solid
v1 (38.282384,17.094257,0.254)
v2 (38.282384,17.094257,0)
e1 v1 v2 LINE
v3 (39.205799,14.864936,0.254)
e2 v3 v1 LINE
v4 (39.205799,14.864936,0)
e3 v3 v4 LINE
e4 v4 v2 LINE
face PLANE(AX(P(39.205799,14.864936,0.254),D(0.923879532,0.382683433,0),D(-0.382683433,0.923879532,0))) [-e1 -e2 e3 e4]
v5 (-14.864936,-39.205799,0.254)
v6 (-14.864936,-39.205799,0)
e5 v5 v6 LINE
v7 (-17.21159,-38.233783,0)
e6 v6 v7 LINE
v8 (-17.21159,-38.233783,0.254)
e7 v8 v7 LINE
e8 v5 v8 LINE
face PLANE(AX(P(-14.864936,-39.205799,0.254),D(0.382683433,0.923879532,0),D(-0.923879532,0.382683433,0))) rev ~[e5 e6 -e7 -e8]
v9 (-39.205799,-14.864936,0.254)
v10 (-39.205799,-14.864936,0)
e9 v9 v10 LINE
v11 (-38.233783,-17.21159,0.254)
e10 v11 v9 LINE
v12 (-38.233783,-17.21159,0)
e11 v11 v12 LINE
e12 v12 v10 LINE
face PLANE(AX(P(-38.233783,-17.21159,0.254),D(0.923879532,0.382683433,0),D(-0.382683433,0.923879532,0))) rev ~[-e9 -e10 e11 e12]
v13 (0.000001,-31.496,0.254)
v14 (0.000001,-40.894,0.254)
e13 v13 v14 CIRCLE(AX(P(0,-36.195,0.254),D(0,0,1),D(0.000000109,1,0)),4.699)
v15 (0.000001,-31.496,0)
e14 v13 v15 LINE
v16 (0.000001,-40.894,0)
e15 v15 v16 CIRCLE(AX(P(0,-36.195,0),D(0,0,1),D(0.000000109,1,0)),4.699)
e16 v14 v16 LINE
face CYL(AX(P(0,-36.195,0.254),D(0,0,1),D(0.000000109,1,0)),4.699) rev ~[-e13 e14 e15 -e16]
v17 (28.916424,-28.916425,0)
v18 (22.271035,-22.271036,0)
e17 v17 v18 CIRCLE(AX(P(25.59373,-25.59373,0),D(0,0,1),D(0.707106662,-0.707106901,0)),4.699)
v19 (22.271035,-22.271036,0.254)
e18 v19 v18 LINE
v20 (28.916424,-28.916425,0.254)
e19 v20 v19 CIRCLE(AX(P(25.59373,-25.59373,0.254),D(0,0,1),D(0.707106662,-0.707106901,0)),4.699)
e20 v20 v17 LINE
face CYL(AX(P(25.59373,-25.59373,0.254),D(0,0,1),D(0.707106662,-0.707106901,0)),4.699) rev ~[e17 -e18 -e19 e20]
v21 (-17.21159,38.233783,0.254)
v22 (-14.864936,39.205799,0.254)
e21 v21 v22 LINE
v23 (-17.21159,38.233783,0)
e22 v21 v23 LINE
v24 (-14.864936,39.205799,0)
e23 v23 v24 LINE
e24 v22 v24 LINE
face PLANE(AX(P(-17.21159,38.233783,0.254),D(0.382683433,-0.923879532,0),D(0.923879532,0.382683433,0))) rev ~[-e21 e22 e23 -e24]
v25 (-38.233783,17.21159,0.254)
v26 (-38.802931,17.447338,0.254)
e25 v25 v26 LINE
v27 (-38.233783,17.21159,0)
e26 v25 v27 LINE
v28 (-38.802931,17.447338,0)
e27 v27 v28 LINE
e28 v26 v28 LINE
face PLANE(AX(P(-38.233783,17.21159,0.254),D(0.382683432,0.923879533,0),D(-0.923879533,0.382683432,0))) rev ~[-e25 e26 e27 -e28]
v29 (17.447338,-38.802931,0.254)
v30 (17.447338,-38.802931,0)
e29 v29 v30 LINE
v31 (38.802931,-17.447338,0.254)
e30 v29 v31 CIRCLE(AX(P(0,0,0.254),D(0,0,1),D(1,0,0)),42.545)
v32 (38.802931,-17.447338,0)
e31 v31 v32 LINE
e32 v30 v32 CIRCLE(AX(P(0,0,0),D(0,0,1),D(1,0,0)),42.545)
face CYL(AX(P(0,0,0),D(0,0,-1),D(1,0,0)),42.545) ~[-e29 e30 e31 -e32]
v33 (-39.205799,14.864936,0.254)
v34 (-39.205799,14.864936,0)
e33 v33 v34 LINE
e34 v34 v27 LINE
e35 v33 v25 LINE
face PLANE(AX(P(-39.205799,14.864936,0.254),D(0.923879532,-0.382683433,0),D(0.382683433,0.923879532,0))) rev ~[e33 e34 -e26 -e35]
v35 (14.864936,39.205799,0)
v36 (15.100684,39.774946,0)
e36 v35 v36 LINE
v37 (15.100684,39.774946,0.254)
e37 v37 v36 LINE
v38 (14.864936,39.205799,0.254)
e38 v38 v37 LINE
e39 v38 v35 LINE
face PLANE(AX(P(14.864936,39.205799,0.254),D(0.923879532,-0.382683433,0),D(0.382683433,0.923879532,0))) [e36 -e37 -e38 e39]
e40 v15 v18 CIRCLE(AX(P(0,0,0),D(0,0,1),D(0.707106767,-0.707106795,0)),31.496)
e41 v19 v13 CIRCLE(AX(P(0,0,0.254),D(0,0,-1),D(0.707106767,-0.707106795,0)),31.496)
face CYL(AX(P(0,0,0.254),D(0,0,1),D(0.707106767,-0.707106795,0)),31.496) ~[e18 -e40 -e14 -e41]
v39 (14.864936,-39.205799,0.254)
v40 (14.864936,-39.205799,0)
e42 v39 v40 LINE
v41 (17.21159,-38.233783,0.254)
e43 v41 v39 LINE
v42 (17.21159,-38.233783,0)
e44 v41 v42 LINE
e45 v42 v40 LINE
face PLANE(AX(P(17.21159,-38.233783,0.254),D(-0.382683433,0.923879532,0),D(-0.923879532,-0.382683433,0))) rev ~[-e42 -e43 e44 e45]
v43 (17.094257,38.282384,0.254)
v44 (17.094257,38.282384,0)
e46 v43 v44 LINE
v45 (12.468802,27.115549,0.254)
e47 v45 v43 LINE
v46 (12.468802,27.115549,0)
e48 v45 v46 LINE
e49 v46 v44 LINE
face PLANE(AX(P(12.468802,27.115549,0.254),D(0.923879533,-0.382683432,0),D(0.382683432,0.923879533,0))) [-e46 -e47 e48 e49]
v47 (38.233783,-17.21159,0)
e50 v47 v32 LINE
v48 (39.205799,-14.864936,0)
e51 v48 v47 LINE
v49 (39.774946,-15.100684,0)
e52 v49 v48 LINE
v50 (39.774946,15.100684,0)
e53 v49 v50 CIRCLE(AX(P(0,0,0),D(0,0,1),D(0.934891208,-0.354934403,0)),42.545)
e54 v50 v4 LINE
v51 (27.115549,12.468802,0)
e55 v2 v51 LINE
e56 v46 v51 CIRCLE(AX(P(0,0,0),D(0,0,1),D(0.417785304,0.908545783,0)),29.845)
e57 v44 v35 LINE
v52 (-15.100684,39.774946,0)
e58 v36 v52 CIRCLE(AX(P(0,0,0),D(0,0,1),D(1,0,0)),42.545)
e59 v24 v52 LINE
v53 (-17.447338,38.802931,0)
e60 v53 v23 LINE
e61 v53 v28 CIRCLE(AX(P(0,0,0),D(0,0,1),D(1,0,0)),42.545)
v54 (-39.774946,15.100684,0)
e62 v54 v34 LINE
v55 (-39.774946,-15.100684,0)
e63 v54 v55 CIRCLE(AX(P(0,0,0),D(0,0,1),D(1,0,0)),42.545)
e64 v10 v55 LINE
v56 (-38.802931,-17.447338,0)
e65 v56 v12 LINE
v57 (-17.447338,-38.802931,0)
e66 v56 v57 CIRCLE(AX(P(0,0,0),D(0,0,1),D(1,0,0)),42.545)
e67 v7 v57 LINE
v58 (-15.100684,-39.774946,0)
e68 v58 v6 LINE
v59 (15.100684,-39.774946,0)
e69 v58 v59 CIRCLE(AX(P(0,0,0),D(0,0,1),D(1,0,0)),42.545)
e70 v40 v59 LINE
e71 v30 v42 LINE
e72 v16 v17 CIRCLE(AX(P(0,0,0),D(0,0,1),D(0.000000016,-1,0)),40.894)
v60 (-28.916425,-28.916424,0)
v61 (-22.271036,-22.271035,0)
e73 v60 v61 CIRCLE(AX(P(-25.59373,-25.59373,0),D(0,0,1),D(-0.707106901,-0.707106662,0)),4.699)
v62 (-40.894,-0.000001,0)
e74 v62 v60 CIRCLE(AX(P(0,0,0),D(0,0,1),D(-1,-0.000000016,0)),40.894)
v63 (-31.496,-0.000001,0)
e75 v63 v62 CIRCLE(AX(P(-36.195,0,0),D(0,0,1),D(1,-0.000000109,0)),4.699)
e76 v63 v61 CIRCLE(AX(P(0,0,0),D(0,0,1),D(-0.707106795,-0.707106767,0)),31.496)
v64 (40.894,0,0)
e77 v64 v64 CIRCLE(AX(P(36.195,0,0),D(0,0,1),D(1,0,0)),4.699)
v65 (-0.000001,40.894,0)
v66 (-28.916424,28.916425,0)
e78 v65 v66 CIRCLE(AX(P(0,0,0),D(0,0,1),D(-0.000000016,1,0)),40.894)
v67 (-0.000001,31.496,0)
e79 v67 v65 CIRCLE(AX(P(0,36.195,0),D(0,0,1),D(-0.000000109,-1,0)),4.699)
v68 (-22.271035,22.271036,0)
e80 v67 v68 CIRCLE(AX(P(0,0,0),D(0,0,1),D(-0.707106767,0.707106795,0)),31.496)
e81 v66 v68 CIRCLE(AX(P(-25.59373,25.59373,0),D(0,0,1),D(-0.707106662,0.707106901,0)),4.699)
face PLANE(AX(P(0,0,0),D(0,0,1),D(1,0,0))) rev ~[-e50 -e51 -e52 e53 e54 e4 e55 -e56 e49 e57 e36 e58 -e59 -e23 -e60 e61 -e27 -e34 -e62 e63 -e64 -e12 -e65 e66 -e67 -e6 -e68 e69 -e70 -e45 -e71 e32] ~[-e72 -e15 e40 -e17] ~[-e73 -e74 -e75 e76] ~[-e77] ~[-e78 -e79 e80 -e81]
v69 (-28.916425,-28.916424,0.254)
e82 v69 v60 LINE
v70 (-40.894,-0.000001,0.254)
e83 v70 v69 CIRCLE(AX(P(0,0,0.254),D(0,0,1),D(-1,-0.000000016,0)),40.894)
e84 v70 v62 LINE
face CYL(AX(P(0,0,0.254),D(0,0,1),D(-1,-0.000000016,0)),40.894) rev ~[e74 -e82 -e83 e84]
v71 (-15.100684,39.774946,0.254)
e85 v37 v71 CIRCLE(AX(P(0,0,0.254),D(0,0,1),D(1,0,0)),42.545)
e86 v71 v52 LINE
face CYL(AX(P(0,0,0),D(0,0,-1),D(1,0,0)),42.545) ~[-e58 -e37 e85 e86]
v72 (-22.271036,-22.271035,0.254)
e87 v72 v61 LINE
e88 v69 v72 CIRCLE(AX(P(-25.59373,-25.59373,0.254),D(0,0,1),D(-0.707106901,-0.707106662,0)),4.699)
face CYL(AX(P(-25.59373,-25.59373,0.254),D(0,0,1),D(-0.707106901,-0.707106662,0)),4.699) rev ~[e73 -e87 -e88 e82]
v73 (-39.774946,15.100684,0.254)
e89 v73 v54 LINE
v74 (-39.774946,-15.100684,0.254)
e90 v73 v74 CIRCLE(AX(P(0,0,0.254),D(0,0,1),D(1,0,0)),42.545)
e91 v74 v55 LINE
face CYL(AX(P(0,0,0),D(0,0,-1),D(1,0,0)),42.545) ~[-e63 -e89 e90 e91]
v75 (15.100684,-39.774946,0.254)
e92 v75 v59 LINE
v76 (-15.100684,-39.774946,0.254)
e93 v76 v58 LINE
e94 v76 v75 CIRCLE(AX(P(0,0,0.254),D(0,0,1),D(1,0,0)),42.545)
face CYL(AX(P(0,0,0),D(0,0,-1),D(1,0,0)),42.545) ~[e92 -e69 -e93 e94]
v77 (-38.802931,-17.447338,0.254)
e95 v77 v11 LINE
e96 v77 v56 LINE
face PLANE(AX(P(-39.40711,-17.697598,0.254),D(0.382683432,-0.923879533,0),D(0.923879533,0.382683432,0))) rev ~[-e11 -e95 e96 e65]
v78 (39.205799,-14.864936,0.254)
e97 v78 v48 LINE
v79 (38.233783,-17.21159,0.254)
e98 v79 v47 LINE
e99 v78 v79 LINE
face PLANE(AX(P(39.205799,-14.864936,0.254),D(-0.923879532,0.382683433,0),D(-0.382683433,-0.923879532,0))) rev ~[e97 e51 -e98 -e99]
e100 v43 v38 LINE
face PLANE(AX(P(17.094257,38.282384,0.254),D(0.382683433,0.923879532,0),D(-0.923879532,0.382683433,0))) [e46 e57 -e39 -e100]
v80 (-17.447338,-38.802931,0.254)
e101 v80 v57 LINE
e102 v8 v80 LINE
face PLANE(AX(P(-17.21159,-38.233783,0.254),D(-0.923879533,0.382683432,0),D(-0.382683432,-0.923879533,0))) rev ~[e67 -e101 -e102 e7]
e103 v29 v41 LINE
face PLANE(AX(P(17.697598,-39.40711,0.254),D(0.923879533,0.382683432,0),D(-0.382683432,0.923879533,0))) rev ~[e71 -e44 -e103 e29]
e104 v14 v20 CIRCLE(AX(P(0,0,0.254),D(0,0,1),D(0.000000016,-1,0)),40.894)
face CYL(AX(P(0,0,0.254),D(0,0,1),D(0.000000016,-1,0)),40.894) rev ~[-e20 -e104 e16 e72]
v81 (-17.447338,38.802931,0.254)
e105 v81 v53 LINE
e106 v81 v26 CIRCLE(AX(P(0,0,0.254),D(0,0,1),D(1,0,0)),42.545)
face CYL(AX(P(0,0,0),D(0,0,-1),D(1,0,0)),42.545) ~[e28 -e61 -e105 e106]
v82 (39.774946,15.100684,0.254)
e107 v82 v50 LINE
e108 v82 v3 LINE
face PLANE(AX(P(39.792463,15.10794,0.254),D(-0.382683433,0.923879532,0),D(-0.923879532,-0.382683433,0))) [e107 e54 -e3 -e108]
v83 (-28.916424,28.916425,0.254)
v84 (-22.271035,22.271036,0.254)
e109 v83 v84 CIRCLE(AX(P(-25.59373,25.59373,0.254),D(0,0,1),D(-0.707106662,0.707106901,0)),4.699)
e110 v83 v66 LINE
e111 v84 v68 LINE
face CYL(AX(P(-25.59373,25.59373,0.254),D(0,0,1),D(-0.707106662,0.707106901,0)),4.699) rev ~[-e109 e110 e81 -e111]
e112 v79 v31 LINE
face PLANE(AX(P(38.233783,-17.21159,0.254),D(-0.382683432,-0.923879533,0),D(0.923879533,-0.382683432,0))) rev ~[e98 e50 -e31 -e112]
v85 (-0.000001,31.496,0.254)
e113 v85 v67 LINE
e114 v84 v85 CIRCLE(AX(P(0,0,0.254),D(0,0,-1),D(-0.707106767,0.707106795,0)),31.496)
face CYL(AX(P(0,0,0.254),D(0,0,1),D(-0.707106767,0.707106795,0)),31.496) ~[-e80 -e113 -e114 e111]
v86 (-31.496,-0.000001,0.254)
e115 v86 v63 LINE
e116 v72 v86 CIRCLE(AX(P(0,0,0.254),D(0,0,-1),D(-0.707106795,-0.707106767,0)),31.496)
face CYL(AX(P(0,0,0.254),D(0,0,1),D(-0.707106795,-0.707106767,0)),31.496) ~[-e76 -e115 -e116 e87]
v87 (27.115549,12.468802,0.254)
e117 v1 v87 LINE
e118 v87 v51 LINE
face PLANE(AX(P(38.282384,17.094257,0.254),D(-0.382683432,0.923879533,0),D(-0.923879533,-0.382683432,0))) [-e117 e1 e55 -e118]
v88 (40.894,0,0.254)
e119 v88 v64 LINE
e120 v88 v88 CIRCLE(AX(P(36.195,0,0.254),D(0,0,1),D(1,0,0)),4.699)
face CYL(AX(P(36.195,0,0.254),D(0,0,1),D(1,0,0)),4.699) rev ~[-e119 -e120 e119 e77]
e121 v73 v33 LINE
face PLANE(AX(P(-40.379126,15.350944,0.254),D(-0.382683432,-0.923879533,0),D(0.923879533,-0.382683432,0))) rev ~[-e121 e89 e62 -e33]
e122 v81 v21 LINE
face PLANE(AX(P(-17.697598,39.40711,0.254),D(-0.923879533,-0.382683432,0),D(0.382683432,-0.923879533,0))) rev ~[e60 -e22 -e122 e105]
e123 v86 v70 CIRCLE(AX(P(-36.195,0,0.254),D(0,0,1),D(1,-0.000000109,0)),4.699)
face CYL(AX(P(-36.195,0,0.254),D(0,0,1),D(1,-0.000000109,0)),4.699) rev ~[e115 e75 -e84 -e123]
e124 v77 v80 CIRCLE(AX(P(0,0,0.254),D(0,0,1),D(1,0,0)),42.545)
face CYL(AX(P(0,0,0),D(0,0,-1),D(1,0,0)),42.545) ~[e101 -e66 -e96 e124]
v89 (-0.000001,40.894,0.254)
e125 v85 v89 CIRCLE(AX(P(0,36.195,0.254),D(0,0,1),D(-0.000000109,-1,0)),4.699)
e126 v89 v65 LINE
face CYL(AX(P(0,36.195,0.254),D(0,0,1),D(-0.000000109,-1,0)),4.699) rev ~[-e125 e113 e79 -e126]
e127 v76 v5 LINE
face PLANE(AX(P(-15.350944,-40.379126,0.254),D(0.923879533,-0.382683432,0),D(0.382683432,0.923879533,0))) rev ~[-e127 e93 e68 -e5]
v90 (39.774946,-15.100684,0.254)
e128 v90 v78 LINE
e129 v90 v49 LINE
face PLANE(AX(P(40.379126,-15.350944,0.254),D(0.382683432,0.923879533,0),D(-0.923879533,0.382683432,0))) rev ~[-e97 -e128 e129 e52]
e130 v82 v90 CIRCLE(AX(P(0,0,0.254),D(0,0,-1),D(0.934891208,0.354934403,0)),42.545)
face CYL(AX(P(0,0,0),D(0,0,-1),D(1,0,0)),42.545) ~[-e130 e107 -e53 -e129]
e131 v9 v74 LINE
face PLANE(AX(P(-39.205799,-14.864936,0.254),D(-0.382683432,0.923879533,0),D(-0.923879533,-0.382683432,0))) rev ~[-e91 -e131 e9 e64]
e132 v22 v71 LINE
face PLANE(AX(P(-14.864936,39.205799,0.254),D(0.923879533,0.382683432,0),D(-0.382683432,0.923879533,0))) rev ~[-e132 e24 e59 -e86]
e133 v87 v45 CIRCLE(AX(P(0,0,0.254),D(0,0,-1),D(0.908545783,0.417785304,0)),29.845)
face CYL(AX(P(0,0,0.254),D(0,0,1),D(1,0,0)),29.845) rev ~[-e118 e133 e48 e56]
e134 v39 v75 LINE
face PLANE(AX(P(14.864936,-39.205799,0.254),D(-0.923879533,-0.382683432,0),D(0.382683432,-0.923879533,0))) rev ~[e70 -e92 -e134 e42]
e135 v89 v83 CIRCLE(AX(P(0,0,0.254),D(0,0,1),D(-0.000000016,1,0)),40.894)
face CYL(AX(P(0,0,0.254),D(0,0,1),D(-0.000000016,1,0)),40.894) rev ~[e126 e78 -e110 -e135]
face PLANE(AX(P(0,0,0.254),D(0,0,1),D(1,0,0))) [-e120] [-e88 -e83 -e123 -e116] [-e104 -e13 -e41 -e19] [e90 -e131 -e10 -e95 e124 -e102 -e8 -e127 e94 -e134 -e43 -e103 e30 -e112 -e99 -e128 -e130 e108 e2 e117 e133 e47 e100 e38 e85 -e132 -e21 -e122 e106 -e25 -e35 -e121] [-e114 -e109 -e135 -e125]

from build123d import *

# Parameters (mm, degrees)
SKETCH4_R           = 42.545
BOSS_EXTRUDE2_DEPTH = 0.254
SKETCH5_R           = 29.845
CUT_EXTRUDE5_DEPTH  = 1.254
SKETCH6_R           = 4.699
CUT_EXTRUDE6_DEPTH  = 1.254
CUT_EXTRUDE11_DEPTH = 1.254


with BuildPart() as part:
    # Sketch4 → Boss-Extrude2 (new body)
    with BuildSketch(Plane.XY):
        Circle(SKETCH4_R)
    extrude(amount=BOSS_EXTRUDE2_DEPTH)

    # Sketch5 → Cut-Extrude5 (cut, through all)
    with BuildSketch(Plane.XY.offset(0.254)):
        Circle(SKETCH5_R)
    extrude(amount=-CUT_EXTRUDE5_DEPTH, mode=Mode.SUBTRACT)

    # Sketch6 → Cut-Extrude6 (cut, through all)
    with BuildSketch(Plane.XY.offset(0.254)):
        with Locations((36.195, 0)):
            Circle(SKETCH6_R)
        with BuildLine():
            ThreePointArc((28.916424148, -28.916425271), (28.916424774, -22.271035245), (22.271034748, -22.271035613))
            ThreePointArc((22.271034748, -22.271035613), (12.052997339, -29.098509775), (5.1e-07, -31.496))
            ThreePointArc((5.1e-07, -31.496), (-4.699, -36.195000076), (6.62e-07, -40.894))
            ThreePointArc((6.62e-07, -40.894), (15.649456222, -37.781129628), (28.916424148, -28.916425271))
        make_face()
        with BuildLine():
            ThreePointArc((-28.916425271, -28.916424148), (-22.271035245, -28.916424774), (-22.271035613, -22.271034748))
            ThreePointArc((-22.271035613, -22.271034748), (-29.098509775, -12.052997339), (-31.496, -5.1e-07))
            ThreePointArc((-31.496, -5.1e-07), (-36.195000076, 4.699), (-40.894, -6.62e-07))
            ThreePointArc((-40.894, -6.62e-07), (-37.781129628, -15.649456222), (-28.916425271, -28.916424148))
        make_face()
        with BuildLine():
            ThreePointArc((-28.916424148, 28.916425271), (-28.916424774, 22.271035245), (-22.271034748, 22.271035613))
            ThreePointArc((-22.271034748, 22.271035613), (-12.052997339, 29.098509775), (-5.1e-07, 31.496))
            ThreePointArc((-5.1e-07, 31.496), (4.699, 36.195000076), (-6.62e-07, 40.894))
            ThreePointArc((-6.62e-07, 40.894), (-15.649456222, 37.781129628), (-28.916424148, 28.916425271))
        make_face()
    extrude(amount=-CUT_EXTRUDE6_DEPTH, mode=Mode.SUBTRACT)

    # Sketch8 → Cut-Extrude11 (cut, through all)
    with BuildSketch(Plane.XY.offset(0.254)):
        with BuildLine():
            Line((39.205799167, 14.864935644), (38.282384044, 17.094256956))
            Line((38.282384044, 17.094256956), (27.115548897, 12.468802389))
            ThreePointArc((27.115548897, 12.468802389), (21.103601885, 21.103601885), (12.468802389, 27.115548897))
            Line((12.468802389, 27.115548897), (17.094256956, 38.282384044))
            Line((17.094256956, 38.282384044), (14.864935644, 39.205799167))
            Line((14.864935644, 39.205799167), (15.107939624, 39.79246267))
            Line((15.107939624, 39.79246267), (16.28126663, 39.306454711))
            ThreePointArc((16.28126663, 39.306454711), (30.083858006, 30.083858006), (39.306454711, 16.28126663))
            Line((39.306454711, 16.28126663), (39.79246267, 15.107939624))
            Line((39.79246267, 15.107939624), (39.205799167, 14.864935644))
        make_face()
        Polygon((-15.350943603, 40.379126173), (-17.697597616, 39.407110255), (-17.211589657, 38.233783248), (-14.864935644, 39.205799167), align=None)
        Polygon((-39.407110255, 17.697597616), (-40.379126173, 15.350943603), (-39.205799167, 14.864935644), (-38.233783248, 17.211589657), align=None)
        Polygon((-40.379126173, -15.350943603), (-39.407110255, -17.697597616), (-38.233783248, -17.211589657), (-39.205799167, -14.864935644), align=None)
        Polygon((-17.697597616, -39.407110255), (-15.350943603, -40.379126173), (-14.864935644, -39.205799167), (-17.211589657, -38.233783248), align=None)
        Polygon((15.350943603, -40.379126173), (17.697597616, -39.407110255), (17.211589657, -38.233783248), (14.864935644, -39.205799167), align=None)
        Polygon((39.407110255, -17.697597616), (40.379126173, -15.350943603), (39.205799167, -14.864935644), (38.233783248, -17.211589657), align=None)
    extrude(amount=-CUT_EXTRUDE11_DEPTH, mode=Mode.SUBTRACT)


solid = part.part
